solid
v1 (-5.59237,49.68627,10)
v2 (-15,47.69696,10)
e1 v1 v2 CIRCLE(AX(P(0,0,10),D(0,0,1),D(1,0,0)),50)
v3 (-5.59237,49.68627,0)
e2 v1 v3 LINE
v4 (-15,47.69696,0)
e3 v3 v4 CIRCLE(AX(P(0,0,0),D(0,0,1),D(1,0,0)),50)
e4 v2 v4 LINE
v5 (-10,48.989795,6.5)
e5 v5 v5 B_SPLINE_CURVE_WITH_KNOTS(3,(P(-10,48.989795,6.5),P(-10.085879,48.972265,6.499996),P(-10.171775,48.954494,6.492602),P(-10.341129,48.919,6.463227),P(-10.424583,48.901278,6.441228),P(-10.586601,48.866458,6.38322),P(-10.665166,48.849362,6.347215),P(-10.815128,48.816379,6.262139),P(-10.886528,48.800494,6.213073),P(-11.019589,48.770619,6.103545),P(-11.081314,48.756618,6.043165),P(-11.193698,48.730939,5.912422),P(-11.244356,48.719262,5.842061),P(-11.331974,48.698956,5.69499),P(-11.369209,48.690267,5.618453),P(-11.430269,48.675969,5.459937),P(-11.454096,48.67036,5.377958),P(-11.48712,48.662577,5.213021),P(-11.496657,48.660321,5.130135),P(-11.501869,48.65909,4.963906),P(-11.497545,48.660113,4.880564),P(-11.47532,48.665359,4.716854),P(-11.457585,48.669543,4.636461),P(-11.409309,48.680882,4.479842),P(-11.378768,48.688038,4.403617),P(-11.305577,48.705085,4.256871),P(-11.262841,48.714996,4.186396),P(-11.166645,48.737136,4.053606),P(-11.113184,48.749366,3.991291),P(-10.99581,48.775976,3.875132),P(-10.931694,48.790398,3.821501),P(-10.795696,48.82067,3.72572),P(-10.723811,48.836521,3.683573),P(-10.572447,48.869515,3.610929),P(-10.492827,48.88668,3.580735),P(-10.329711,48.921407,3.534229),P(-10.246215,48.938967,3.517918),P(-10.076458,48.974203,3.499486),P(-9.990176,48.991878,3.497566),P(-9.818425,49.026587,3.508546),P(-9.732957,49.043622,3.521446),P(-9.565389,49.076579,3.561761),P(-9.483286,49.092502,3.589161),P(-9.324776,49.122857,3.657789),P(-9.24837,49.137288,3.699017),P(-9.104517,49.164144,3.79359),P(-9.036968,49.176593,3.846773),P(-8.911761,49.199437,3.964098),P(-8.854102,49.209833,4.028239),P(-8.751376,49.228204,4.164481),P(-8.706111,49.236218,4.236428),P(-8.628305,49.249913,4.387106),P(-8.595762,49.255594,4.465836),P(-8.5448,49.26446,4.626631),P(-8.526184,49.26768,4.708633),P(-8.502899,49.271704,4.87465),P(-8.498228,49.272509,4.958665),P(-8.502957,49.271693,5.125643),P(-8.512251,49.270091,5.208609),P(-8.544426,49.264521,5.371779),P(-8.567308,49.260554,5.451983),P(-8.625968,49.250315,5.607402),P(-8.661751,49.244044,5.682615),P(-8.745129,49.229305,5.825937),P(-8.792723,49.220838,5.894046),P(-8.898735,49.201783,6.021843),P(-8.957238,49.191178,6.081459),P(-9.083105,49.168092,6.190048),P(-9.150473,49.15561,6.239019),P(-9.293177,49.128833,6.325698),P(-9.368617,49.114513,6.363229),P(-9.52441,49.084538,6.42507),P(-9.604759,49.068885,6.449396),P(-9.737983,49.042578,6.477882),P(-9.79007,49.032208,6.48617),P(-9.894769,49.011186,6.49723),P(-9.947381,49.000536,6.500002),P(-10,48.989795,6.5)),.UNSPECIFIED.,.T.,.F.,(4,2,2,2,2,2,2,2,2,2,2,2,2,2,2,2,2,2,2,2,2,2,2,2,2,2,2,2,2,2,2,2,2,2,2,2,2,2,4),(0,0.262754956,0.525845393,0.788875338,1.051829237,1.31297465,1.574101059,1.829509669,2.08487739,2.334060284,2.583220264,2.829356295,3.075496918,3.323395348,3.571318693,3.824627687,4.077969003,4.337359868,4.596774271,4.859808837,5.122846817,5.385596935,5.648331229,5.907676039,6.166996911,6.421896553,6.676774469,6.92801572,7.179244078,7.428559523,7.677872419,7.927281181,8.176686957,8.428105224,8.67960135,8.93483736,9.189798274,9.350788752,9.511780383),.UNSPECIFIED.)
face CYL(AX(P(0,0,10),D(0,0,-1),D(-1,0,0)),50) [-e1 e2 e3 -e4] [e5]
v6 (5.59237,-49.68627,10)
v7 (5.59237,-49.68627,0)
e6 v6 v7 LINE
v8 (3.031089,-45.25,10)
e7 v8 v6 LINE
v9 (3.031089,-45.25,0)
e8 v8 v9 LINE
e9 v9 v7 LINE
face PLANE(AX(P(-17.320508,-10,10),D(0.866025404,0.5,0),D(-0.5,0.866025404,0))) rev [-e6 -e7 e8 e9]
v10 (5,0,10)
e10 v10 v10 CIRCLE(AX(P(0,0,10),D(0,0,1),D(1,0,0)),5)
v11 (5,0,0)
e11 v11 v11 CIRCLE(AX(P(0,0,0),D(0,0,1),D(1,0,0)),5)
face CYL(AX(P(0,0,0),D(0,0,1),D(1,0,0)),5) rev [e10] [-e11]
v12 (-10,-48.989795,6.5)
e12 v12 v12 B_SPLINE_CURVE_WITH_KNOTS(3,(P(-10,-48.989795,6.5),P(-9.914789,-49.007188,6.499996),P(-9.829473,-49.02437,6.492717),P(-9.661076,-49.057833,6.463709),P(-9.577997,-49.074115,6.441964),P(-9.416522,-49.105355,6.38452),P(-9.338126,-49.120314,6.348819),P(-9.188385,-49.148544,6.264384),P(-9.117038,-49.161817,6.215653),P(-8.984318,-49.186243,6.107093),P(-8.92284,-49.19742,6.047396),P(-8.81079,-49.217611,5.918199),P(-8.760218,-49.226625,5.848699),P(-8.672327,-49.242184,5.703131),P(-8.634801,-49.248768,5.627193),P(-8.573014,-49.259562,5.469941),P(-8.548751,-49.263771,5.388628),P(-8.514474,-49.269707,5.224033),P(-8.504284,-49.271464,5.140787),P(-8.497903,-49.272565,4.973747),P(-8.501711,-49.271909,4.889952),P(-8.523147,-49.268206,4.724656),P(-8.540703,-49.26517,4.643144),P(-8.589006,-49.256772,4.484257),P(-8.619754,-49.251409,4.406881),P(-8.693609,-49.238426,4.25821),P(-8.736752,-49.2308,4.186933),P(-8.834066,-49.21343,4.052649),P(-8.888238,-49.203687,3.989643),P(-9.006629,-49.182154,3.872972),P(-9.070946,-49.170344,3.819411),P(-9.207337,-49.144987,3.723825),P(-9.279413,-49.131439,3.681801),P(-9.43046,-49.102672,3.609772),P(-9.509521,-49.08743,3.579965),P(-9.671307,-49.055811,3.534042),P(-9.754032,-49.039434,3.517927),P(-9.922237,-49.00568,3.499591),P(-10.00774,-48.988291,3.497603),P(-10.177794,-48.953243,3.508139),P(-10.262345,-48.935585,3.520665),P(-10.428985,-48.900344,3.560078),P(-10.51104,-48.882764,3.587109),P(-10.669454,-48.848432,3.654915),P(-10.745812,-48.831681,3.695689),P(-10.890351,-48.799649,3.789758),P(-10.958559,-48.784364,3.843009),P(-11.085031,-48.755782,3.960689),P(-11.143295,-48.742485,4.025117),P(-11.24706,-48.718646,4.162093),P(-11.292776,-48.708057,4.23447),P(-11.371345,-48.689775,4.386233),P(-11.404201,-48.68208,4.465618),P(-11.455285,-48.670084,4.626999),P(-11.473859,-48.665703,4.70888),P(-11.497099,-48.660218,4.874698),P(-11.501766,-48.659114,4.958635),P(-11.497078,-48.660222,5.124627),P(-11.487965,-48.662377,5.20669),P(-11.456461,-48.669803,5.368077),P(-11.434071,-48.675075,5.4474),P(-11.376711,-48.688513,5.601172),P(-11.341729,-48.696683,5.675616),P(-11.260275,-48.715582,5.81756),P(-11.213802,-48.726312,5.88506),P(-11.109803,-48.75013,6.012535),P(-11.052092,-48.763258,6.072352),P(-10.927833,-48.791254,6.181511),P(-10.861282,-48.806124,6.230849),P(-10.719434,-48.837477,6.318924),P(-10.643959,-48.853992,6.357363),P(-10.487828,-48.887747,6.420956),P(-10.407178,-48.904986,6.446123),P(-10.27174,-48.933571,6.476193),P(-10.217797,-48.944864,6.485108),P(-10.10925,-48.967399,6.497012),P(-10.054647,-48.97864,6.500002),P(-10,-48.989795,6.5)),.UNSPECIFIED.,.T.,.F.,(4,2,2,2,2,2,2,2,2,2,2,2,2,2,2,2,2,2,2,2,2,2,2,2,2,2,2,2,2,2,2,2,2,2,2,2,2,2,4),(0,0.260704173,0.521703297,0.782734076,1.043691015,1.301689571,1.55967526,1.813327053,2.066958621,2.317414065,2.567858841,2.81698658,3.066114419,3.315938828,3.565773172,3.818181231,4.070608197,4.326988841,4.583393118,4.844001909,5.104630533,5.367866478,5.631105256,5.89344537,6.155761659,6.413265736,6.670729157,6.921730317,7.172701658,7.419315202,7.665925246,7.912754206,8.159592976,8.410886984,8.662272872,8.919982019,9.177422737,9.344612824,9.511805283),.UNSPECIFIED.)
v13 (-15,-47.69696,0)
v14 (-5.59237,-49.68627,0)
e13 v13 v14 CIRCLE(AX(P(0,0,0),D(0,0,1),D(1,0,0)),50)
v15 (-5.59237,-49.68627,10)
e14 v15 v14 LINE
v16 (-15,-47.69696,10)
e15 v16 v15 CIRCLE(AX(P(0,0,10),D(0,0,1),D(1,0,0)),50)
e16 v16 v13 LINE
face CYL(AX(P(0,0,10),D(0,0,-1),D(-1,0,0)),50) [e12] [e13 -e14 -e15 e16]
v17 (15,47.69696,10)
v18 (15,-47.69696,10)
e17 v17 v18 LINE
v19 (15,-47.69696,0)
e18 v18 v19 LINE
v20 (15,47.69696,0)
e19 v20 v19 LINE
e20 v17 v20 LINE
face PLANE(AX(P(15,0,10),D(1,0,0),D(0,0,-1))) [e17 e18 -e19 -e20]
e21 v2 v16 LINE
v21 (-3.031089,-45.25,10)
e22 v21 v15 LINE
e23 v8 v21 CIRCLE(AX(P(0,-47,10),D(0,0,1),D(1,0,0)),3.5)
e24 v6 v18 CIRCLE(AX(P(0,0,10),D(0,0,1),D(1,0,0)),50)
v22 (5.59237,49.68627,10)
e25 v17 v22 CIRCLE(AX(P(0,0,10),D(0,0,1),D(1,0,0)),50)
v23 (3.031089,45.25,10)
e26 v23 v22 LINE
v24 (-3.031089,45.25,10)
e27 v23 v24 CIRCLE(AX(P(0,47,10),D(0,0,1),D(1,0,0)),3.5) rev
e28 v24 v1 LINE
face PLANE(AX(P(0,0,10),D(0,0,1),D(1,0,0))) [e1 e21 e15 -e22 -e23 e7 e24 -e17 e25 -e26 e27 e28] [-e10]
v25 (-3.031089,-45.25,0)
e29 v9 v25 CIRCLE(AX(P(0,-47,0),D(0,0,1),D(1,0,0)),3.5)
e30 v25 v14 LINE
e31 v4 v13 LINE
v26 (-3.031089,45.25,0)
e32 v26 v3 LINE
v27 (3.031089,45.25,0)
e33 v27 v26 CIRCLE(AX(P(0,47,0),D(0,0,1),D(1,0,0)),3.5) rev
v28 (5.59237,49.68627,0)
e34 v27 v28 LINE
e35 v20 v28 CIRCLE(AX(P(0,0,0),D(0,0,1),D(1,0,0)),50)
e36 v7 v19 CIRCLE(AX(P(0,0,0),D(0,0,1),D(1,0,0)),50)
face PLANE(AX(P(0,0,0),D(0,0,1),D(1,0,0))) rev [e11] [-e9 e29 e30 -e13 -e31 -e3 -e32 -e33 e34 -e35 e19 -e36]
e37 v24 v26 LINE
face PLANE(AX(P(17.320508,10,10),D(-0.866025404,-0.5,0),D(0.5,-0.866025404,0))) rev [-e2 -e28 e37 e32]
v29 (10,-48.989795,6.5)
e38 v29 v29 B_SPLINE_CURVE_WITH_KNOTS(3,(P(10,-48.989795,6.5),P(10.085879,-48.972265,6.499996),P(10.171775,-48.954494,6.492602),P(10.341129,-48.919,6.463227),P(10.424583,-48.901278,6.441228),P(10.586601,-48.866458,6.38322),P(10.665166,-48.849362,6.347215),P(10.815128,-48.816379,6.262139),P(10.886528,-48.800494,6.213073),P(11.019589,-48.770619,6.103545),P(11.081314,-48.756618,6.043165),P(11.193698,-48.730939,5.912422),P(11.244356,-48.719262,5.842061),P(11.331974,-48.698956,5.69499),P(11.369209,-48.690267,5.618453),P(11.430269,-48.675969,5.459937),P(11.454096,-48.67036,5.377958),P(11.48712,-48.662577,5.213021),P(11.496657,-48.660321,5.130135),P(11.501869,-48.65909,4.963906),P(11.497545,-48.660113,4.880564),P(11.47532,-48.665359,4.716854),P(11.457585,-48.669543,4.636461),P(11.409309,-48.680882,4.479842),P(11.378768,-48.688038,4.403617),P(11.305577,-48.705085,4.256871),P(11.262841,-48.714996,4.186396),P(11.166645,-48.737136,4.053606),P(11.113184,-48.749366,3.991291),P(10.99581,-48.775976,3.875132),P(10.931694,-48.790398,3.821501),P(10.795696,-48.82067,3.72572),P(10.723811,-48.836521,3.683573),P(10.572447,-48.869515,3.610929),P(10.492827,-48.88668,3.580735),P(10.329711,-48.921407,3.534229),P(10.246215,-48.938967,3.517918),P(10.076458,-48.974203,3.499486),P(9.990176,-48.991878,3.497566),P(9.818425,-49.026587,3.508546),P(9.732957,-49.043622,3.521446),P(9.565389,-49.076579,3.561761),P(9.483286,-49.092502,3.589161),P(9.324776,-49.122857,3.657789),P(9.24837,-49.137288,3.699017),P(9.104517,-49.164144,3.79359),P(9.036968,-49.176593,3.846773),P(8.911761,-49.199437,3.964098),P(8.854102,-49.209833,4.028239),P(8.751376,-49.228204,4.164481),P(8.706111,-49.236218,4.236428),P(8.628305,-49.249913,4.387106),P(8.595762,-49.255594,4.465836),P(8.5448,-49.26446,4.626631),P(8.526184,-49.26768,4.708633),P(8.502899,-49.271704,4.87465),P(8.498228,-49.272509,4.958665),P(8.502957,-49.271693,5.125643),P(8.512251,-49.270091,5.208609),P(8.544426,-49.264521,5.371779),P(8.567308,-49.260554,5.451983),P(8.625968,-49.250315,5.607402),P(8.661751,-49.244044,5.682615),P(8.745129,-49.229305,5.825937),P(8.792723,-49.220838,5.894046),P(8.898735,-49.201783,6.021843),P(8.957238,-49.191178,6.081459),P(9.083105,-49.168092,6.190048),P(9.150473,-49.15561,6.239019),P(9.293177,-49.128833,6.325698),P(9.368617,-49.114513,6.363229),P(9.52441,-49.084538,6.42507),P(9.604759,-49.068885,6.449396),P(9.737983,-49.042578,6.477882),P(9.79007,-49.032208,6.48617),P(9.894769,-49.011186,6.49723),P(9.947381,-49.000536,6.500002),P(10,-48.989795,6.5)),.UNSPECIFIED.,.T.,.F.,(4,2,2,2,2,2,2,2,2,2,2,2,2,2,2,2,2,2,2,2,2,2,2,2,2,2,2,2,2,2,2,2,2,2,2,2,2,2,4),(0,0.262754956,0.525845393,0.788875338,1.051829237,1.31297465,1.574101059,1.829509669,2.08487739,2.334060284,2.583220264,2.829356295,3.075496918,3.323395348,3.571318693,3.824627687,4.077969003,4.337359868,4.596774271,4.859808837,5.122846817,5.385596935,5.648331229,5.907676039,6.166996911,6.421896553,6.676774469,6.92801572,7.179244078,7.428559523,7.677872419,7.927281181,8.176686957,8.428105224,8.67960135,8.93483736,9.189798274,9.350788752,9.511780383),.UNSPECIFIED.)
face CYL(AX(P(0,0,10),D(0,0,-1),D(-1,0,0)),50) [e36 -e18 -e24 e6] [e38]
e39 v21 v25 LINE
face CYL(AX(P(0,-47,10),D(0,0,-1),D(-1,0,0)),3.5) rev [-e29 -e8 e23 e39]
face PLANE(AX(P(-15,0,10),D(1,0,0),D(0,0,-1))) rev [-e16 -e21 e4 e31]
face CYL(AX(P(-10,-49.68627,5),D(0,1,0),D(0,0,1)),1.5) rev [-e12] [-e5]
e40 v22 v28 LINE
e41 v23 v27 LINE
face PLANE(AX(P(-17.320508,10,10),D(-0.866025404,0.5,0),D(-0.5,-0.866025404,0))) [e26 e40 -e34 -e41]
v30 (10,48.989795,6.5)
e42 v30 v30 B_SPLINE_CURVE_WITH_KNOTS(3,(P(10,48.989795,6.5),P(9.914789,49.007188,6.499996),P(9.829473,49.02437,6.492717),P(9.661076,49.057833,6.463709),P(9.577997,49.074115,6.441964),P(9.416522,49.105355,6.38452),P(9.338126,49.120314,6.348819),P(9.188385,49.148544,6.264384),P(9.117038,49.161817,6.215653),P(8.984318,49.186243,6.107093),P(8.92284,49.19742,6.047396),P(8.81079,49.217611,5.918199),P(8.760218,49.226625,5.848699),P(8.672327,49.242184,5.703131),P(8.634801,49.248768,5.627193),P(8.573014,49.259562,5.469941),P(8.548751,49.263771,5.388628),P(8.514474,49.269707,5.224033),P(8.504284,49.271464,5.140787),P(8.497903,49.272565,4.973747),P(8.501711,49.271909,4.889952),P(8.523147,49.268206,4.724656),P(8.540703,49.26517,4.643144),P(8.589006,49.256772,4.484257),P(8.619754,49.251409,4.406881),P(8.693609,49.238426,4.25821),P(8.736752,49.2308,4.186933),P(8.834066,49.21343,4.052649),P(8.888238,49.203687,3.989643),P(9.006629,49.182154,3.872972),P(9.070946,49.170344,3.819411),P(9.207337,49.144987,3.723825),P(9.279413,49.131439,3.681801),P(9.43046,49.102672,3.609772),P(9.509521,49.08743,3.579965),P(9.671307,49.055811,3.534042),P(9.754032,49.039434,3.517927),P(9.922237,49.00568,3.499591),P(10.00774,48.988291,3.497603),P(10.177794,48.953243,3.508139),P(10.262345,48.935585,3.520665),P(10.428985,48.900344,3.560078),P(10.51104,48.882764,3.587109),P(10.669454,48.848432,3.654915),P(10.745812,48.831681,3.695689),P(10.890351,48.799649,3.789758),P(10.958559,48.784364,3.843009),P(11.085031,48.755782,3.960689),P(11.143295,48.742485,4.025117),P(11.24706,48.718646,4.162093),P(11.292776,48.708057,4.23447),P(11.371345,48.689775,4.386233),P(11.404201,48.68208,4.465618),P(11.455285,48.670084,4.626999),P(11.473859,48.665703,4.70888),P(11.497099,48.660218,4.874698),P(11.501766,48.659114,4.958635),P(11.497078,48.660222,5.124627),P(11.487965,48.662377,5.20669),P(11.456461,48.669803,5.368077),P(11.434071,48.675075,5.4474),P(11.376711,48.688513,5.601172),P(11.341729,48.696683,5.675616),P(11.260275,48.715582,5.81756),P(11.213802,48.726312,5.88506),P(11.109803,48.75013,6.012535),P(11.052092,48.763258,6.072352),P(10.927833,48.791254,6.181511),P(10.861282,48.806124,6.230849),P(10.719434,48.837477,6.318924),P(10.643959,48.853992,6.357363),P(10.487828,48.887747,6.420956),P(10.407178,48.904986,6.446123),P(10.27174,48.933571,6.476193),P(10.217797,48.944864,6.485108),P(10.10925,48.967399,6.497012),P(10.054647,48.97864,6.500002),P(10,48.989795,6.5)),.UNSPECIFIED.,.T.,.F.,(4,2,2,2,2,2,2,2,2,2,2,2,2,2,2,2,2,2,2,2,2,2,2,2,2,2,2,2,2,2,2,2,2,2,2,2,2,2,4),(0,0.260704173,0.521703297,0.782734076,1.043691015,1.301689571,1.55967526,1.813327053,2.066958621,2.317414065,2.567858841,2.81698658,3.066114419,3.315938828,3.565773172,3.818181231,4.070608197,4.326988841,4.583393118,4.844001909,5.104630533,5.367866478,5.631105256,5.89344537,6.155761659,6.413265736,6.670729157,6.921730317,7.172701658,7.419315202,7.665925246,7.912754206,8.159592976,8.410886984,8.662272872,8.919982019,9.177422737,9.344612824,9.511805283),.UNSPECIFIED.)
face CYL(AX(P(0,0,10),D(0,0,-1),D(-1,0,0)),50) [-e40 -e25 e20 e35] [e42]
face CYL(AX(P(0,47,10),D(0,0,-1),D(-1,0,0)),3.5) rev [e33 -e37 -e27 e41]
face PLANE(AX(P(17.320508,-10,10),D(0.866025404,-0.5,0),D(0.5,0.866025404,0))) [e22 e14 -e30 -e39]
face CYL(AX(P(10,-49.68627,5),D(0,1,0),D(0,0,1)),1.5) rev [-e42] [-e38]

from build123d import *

# Parameters (mm, degrees)
EXTRUDE_1_DEPTH          = 10
CUT_EXTRUDE_1_DEPTH      = 53.855703508
CUT_EXTRUDE_1_DEPTH_BACK = 53.855703508
SKETCH_2_R               = 1.5
CUT_EXTRUDE_2_DEPTH      = 53.855703649
CUT_EXTRUDE_2_DEPTH_BACK = 53.855703649
SKETCH_3_R               = 5


with BuildPart() as part:
    # 草图1 → 凸台-拉伸1 (new body)
    with BuildSketch(Plane.XY):
        with BuildLine():
            ThreePointArc((-5.592370399, 49.686269666), (-10.344117547, 48.918291386), (-15, 47.696960071))
            Line((-15, 47.696960071), (-15, -47.696960071))
            ThreePointArc((-15, -47.696960071), (-10.344117547, -48.918291386), (-5.592370399, -49.686269666))
            Line((-5.592370399, -49.686269666), (-3.031088913, -45.25))
            ThreePointArc((-3.031088913, -45.25), (0, -43.5), (3.031088913, -45.25))
            Line((3.031088913, -45.25), (5.592370399, -49.686269666))
            ThreePointArc((5.592370399, -49.686269666), (10.344117547, -48.918291386), (15, -47.696960071))
            Line((15, -47.696960071), (15, 47.696960071))
            ThreePointArc((15, 47.696960071), (10.344117547, 48.918291386), (5.592370399, 49.686269666))
            Line((5.592370399, 49.686269666), (3.031088913, 45.25))
            ThreePointArc((3.031088913, 45.25), (0, 43.5), (-3.031088913, 45.25))
            Line((-3.031088913, 45.25), (-5.592370399, 49.686269666))
        make_face()
    extrude(amount=EXTRUDE_1_DEPTH)

    # 草图2 → 切除-拉伸1 (cut, two sides: drawn at the far end of the back side and taken through both)
    with BuildSketch(Plane(origin=(0, 0, 0), x_dir=(1, 0, 0), z_dir=(0, 1, 0)).offset(-CUT_EXTRUDE_1_DEPTH_BACK)):
        with Locations(Location((-10, -5, 0), (0, 0, 270))):
            Circle(SKETCH_2_R)
        with Locations(Location((10, -5, 0), (0, 0, 270))):
            Circle(SKETCH_2_R)
    extrude(amount=CUT_EXTRUDE_1_DEPTH + CUT_EXTRUDE_1_DEPTH_BACK, mode=Mode.SUBTRACT)

    # 草图3 → 切除-拉伸2 (cut, two sides: drawn at the far end of the back side and taken through both)
    with BuildSketch(Plane.XY.offset(10).offset(-CUT_EXTRUDE_2_DEPTH_BACK)):
        Circle(SKETCH_3_R)
    extrude(amount=CUT_EXTRUDE_2_DEPTH + CUT_EXTRUDE_2_DEPTH_BACK, mode=Mode.SUBTRACT)


solid = part.part
